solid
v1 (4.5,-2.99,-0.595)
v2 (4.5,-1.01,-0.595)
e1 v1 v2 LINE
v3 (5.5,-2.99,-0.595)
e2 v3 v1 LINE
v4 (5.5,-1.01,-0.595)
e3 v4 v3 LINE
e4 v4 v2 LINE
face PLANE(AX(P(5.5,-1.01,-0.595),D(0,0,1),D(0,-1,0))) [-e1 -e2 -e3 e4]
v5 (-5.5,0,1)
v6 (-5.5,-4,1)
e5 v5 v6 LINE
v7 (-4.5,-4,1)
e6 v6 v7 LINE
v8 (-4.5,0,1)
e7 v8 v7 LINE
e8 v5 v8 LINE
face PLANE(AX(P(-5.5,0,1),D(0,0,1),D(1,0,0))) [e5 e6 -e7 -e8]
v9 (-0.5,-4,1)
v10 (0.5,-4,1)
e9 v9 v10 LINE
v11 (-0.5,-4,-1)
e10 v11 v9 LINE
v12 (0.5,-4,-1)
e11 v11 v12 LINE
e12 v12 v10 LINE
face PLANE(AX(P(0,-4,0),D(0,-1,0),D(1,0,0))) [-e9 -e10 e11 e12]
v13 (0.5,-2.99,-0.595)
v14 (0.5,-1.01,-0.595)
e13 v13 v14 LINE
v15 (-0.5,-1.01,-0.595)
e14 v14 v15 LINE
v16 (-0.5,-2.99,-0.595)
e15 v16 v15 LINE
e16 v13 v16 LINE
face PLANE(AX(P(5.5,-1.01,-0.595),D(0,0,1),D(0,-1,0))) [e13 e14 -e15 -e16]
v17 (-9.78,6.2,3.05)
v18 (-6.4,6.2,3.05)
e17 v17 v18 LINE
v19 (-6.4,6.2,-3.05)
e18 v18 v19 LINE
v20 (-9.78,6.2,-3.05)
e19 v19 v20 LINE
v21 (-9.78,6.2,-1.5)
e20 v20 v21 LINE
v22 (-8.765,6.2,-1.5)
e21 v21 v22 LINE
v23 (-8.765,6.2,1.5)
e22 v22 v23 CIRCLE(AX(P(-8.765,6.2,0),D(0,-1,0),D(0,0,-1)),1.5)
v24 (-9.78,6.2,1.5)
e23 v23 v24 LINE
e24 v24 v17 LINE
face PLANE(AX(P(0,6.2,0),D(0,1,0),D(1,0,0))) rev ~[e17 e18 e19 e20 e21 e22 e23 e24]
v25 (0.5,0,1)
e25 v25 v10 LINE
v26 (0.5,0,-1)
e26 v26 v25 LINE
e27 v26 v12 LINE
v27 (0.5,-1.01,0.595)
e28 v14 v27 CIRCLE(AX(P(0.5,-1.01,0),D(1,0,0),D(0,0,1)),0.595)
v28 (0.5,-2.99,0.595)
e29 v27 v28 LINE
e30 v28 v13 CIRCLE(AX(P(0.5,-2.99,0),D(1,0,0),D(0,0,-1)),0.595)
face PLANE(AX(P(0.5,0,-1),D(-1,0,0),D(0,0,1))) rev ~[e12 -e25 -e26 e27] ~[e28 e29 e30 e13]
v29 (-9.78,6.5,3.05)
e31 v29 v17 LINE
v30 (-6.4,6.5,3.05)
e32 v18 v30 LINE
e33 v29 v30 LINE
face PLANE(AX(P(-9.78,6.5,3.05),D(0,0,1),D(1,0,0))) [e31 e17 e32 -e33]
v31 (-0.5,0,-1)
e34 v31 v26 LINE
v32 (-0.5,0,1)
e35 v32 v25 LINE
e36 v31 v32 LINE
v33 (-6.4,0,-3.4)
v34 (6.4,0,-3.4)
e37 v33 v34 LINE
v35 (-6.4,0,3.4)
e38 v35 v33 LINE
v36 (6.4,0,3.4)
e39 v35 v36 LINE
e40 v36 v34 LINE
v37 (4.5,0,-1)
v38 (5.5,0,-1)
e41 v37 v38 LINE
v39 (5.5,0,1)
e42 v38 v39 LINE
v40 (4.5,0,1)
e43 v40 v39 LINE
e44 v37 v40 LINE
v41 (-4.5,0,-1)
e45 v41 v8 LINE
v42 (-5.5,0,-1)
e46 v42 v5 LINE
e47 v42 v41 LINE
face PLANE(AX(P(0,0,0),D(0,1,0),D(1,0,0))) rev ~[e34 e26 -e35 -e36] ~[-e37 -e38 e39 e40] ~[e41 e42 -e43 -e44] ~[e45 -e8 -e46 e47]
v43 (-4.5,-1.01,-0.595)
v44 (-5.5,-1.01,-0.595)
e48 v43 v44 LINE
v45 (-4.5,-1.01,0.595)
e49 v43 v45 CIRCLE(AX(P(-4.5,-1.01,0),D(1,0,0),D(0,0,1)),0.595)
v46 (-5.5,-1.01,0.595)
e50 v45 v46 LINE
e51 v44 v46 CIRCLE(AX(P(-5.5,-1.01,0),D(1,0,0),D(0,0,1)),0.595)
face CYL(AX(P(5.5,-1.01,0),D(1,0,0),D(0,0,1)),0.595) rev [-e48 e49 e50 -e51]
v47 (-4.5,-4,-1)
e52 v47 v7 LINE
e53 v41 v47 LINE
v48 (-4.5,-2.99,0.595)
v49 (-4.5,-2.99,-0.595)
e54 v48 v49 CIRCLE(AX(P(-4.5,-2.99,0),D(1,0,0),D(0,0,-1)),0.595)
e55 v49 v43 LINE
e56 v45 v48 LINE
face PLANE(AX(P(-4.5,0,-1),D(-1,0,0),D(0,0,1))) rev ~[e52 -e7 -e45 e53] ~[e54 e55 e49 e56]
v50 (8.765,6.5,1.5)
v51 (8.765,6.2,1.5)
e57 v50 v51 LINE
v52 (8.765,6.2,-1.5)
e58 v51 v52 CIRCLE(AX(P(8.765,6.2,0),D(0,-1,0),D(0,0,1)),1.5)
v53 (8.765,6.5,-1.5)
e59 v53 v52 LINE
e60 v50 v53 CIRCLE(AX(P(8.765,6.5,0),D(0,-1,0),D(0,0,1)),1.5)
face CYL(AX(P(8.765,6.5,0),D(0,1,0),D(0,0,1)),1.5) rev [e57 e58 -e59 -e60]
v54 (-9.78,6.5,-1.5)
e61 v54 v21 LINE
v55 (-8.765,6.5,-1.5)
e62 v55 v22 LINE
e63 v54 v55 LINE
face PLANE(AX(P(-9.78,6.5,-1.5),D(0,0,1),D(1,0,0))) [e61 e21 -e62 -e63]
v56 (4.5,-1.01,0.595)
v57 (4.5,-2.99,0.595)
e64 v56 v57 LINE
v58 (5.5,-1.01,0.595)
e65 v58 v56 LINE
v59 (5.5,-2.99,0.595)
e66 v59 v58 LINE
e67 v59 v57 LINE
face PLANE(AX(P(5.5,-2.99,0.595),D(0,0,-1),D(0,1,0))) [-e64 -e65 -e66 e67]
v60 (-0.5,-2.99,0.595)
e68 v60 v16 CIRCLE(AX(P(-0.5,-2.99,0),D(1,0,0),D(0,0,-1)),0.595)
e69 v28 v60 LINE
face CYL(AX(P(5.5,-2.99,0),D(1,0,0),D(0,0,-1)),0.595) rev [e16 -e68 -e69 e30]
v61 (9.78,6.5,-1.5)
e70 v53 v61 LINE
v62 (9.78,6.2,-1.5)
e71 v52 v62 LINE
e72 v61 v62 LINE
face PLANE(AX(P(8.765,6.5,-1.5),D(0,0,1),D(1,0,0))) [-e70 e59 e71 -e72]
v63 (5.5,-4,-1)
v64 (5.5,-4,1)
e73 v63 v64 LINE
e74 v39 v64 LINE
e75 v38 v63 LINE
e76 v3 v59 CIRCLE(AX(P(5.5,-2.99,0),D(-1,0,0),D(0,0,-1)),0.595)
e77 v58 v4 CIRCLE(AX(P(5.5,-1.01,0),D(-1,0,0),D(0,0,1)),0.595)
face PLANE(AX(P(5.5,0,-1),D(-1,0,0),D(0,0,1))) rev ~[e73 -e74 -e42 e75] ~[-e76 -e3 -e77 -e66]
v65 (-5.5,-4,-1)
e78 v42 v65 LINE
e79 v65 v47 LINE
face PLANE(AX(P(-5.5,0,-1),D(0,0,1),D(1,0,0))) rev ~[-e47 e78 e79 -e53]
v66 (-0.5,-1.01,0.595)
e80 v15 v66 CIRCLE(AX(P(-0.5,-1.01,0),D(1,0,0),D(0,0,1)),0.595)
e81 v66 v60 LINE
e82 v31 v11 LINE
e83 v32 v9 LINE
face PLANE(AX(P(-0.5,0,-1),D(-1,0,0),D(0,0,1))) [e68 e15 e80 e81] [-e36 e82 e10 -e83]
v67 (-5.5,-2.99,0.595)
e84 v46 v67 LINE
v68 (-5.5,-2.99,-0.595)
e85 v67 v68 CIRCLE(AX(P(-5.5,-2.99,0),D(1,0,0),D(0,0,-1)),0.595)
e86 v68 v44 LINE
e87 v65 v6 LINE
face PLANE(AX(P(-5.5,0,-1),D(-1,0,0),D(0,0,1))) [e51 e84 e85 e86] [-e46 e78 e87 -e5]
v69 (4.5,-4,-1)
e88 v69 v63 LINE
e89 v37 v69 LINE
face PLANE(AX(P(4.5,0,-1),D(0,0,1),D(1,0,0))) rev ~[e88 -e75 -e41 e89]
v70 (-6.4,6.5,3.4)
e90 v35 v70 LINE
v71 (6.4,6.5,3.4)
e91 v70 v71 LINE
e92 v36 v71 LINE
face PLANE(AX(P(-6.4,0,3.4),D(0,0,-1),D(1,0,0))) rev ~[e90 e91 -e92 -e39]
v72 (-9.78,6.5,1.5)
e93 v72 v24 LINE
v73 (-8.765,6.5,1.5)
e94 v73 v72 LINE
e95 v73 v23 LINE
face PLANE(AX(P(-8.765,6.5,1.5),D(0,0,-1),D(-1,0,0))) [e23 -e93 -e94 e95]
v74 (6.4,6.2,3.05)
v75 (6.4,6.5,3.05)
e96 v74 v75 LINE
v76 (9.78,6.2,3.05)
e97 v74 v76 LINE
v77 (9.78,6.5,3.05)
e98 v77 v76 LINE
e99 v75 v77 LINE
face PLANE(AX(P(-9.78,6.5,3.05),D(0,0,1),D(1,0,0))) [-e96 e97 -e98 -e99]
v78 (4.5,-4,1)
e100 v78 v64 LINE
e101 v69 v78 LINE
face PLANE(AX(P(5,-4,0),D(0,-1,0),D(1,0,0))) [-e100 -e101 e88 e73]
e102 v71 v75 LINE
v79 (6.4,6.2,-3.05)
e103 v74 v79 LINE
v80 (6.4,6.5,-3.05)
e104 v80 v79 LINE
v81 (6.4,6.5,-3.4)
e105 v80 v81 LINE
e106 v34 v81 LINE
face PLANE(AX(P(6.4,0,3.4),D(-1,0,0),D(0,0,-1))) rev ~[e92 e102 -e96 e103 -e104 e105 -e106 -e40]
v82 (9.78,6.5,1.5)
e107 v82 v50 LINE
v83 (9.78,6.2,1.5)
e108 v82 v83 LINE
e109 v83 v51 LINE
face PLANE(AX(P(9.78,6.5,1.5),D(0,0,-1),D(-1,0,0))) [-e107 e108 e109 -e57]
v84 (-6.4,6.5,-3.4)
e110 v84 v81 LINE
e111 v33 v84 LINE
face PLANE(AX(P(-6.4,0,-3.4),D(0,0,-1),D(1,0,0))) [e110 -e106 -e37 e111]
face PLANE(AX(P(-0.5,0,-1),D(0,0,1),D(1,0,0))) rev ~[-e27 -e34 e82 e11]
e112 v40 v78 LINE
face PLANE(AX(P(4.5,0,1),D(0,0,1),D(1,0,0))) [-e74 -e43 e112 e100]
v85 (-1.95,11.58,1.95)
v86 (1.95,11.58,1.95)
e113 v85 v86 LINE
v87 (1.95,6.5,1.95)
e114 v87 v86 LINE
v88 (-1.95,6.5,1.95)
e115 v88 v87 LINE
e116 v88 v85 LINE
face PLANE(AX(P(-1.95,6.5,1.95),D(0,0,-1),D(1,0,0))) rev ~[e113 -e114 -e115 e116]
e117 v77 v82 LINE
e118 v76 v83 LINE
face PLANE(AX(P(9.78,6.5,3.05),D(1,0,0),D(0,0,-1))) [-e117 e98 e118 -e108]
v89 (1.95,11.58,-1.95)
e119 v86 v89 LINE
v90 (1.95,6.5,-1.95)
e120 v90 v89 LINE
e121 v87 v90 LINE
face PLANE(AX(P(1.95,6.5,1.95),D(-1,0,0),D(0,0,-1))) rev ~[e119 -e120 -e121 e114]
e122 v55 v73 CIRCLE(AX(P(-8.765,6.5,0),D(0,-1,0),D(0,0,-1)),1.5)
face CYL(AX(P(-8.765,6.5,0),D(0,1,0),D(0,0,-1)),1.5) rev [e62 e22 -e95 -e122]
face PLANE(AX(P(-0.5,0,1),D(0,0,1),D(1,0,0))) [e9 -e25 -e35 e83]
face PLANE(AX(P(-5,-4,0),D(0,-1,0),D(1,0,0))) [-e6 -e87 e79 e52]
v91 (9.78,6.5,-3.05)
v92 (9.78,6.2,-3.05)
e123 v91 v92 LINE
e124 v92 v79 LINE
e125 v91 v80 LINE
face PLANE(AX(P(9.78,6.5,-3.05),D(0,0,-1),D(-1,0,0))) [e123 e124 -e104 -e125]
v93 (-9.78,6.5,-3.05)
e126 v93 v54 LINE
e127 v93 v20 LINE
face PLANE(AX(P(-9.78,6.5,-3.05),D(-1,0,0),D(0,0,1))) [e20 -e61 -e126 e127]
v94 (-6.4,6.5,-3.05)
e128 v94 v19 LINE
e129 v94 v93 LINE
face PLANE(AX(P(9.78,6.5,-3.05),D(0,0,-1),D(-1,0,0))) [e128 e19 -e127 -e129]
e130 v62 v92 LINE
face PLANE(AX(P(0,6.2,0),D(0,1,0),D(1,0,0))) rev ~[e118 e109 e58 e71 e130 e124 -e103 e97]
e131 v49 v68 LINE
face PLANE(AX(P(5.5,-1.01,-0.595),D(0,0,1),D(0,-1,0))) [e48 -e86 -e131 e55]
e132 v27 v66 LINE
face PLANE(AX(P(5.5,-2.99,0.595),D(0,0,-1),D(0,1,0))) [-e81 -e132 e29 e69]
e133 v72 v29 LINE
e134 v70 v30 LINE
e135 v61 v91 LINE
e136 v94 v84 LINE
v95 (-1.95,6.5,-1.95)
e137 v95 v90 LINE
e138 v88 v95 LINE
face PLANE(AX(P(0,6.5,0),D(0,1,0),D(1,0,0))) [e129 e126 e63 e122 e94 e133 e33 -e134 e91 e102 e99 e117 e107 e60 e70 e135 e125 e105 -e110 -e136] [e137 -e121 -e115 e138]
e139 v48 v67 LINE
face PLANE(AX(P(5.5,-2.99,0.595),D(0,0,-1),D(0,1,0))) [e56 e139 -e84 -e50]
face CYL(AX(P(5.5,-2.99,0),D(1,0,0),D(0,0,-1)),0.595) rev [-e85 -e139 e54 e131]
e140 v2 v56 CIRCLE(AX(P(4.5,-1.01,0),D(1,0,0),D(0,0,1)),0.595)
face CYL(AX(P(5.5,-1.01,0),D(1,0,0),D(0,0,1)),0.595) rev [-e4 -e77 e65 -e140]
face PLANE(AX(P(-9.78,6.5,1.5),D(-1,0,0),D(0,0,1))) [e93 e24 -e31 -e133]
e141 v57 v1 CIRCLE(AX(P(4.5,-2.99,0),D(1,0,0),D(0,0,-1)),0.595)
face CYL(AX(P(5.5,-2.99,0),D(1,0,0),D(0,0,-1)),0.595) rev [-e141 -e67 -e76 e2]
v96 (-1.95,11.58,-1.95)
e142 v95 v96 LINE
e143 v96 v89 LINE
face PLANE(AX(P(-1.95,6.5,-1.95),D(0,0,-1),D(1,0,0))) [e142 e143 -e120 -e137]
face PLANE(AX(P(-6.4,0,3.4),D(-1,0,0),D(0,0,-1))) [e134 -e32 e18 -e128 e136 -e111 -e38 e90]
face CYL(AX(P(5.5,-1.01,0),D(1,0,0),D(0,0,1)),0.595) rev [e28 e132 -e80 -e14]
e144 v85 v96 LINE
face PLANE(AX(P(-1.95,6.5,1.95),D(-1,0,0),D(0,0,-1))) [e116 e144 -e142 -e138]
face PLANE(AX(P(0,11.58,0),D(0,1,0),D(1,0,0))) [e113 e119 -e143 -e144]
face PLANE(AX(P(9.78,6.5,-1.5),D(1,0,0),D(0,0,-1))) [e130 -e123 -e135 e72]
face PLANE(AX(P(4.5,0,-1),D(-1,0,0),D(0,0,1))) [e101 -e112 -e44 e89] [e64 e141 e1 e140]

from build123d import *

# Parameters (mm, degrees)
SKETCH1_W           = 12.8
SKETCH1_H           = 6.8
BOSS_EXTRUDE1_DEPTH = 6.5
BOSS_EXTRUDE2_DEPTH = 0.3
SKETCH3_W           = 3.9
SKETCH3_H           = 3.9
BOSS_EXTRUDE3_DEPTH = 5.08
SKETCH4_W           = 1
SKETCH4_H           = 2
BOSS_EXTRUDE4_DEPTH = 4
CUT_EXTRUDE1_DEPTH  = 20.471384132


with BuildPart() as part:
    # Sketch1 → Boss-Extrude1 (new body)
    with BuildSketch(Plane(origin=(0, 0, 0), x_dir=(1, 0, 0), z_dir=(0, 1, 0))):
        Rectangle(SKETCH1_W, SKETCH1_H)
    extrude(amount=BOSS_EXTRUDE1_DEPTH)

    # Sketch2 → Boss-Extrude2 (add)
    with BuildSketch(Plane(origin=(0, 6.5, 0), x_dir=(1, 0, 0), z_dir=(0, 1, 0))):
        with BuildLine():
            Line((9.78, 3.05), (-9.78, 3.05))
            Line((-9.78, 3.05), (-9.78, 1.5))
            Line((-9.78, 1.5), (-8.765, 1.5))
            ThreePointArc((-8.765, 1.5), (-7.265, 0), (-8.765, -1.5))
            Line((-8.765, -1.5), (-9.78, -1.5))
            Line((-9.78, -1.5), (-9.78, -3.05))
            Line((-9.78, -3.05), (9.78, -3.05))
            Line((9.78, -3.05), (9.78, -1.5))
            Line((9.78, -1.5), (8.765, -1.5))
            ThreePointArc((8.765, -1.5), (7.265, 0), (8.765, 1.5))
            Line((8.765, 1.5), (9.78, 1.5))
            Line((9.78, 1.5), (9.78, 3.05))
        make_face()
    extrude(amount=-BOSS_EXTRUDE2_DEPTH)

    # Sketch3 → Boss-Extrude3 (add)
    with BuildSketch(Plane(origin=(0, 6.5, 0), x_dir=(1, 0, 0), z_dir=(0, 1, 0))):
        Rectangle(SKETCH3_W, SKETCH3_H)
    extrude(amount=BOSS_EXTRUDE3_DEPTH)

    # Sketch4 → Boss-Extrude4 (add)
    with BuildSketch(Plane.XZ):
        Rectangle(SKETCH4_W, SKETCH4_H)
        with Locations((5, 0)):
            Rectangle(SKETCH4_W, SKETCH4_H)
        with Locations((-5, 0)):
            Rectangle(SKETCH4_W, SKETCH4_H)
    extrude(amount=BOSS_EXTRUDE4_DEPTH)

    # Sketch5 → Cut-Extrude1 (cut, through all)
    with BuildSketch(Plane(origin=(5.5, 0, 0), x_dir=(0, 0, -1), z_dir=(1, 0, 0))):
        with BuildLine():
            Line((0.595, -1.01), (0.595, -2.99))
            ThreePointArc((0.595, -2.99), (0, -3.585), (-0.595, -2.99))
            Line((-0.595, -2.99), (-0.595, -1.01))
            ThreePointArc((-0.595, -1.01), (0, -0.415), (0.595, -1.01))
        make_face()
    extrude(amount=-CUT_EXTRUDE1_DEPTH, mode=Mode.SUBTRACT)


solid = part.part
